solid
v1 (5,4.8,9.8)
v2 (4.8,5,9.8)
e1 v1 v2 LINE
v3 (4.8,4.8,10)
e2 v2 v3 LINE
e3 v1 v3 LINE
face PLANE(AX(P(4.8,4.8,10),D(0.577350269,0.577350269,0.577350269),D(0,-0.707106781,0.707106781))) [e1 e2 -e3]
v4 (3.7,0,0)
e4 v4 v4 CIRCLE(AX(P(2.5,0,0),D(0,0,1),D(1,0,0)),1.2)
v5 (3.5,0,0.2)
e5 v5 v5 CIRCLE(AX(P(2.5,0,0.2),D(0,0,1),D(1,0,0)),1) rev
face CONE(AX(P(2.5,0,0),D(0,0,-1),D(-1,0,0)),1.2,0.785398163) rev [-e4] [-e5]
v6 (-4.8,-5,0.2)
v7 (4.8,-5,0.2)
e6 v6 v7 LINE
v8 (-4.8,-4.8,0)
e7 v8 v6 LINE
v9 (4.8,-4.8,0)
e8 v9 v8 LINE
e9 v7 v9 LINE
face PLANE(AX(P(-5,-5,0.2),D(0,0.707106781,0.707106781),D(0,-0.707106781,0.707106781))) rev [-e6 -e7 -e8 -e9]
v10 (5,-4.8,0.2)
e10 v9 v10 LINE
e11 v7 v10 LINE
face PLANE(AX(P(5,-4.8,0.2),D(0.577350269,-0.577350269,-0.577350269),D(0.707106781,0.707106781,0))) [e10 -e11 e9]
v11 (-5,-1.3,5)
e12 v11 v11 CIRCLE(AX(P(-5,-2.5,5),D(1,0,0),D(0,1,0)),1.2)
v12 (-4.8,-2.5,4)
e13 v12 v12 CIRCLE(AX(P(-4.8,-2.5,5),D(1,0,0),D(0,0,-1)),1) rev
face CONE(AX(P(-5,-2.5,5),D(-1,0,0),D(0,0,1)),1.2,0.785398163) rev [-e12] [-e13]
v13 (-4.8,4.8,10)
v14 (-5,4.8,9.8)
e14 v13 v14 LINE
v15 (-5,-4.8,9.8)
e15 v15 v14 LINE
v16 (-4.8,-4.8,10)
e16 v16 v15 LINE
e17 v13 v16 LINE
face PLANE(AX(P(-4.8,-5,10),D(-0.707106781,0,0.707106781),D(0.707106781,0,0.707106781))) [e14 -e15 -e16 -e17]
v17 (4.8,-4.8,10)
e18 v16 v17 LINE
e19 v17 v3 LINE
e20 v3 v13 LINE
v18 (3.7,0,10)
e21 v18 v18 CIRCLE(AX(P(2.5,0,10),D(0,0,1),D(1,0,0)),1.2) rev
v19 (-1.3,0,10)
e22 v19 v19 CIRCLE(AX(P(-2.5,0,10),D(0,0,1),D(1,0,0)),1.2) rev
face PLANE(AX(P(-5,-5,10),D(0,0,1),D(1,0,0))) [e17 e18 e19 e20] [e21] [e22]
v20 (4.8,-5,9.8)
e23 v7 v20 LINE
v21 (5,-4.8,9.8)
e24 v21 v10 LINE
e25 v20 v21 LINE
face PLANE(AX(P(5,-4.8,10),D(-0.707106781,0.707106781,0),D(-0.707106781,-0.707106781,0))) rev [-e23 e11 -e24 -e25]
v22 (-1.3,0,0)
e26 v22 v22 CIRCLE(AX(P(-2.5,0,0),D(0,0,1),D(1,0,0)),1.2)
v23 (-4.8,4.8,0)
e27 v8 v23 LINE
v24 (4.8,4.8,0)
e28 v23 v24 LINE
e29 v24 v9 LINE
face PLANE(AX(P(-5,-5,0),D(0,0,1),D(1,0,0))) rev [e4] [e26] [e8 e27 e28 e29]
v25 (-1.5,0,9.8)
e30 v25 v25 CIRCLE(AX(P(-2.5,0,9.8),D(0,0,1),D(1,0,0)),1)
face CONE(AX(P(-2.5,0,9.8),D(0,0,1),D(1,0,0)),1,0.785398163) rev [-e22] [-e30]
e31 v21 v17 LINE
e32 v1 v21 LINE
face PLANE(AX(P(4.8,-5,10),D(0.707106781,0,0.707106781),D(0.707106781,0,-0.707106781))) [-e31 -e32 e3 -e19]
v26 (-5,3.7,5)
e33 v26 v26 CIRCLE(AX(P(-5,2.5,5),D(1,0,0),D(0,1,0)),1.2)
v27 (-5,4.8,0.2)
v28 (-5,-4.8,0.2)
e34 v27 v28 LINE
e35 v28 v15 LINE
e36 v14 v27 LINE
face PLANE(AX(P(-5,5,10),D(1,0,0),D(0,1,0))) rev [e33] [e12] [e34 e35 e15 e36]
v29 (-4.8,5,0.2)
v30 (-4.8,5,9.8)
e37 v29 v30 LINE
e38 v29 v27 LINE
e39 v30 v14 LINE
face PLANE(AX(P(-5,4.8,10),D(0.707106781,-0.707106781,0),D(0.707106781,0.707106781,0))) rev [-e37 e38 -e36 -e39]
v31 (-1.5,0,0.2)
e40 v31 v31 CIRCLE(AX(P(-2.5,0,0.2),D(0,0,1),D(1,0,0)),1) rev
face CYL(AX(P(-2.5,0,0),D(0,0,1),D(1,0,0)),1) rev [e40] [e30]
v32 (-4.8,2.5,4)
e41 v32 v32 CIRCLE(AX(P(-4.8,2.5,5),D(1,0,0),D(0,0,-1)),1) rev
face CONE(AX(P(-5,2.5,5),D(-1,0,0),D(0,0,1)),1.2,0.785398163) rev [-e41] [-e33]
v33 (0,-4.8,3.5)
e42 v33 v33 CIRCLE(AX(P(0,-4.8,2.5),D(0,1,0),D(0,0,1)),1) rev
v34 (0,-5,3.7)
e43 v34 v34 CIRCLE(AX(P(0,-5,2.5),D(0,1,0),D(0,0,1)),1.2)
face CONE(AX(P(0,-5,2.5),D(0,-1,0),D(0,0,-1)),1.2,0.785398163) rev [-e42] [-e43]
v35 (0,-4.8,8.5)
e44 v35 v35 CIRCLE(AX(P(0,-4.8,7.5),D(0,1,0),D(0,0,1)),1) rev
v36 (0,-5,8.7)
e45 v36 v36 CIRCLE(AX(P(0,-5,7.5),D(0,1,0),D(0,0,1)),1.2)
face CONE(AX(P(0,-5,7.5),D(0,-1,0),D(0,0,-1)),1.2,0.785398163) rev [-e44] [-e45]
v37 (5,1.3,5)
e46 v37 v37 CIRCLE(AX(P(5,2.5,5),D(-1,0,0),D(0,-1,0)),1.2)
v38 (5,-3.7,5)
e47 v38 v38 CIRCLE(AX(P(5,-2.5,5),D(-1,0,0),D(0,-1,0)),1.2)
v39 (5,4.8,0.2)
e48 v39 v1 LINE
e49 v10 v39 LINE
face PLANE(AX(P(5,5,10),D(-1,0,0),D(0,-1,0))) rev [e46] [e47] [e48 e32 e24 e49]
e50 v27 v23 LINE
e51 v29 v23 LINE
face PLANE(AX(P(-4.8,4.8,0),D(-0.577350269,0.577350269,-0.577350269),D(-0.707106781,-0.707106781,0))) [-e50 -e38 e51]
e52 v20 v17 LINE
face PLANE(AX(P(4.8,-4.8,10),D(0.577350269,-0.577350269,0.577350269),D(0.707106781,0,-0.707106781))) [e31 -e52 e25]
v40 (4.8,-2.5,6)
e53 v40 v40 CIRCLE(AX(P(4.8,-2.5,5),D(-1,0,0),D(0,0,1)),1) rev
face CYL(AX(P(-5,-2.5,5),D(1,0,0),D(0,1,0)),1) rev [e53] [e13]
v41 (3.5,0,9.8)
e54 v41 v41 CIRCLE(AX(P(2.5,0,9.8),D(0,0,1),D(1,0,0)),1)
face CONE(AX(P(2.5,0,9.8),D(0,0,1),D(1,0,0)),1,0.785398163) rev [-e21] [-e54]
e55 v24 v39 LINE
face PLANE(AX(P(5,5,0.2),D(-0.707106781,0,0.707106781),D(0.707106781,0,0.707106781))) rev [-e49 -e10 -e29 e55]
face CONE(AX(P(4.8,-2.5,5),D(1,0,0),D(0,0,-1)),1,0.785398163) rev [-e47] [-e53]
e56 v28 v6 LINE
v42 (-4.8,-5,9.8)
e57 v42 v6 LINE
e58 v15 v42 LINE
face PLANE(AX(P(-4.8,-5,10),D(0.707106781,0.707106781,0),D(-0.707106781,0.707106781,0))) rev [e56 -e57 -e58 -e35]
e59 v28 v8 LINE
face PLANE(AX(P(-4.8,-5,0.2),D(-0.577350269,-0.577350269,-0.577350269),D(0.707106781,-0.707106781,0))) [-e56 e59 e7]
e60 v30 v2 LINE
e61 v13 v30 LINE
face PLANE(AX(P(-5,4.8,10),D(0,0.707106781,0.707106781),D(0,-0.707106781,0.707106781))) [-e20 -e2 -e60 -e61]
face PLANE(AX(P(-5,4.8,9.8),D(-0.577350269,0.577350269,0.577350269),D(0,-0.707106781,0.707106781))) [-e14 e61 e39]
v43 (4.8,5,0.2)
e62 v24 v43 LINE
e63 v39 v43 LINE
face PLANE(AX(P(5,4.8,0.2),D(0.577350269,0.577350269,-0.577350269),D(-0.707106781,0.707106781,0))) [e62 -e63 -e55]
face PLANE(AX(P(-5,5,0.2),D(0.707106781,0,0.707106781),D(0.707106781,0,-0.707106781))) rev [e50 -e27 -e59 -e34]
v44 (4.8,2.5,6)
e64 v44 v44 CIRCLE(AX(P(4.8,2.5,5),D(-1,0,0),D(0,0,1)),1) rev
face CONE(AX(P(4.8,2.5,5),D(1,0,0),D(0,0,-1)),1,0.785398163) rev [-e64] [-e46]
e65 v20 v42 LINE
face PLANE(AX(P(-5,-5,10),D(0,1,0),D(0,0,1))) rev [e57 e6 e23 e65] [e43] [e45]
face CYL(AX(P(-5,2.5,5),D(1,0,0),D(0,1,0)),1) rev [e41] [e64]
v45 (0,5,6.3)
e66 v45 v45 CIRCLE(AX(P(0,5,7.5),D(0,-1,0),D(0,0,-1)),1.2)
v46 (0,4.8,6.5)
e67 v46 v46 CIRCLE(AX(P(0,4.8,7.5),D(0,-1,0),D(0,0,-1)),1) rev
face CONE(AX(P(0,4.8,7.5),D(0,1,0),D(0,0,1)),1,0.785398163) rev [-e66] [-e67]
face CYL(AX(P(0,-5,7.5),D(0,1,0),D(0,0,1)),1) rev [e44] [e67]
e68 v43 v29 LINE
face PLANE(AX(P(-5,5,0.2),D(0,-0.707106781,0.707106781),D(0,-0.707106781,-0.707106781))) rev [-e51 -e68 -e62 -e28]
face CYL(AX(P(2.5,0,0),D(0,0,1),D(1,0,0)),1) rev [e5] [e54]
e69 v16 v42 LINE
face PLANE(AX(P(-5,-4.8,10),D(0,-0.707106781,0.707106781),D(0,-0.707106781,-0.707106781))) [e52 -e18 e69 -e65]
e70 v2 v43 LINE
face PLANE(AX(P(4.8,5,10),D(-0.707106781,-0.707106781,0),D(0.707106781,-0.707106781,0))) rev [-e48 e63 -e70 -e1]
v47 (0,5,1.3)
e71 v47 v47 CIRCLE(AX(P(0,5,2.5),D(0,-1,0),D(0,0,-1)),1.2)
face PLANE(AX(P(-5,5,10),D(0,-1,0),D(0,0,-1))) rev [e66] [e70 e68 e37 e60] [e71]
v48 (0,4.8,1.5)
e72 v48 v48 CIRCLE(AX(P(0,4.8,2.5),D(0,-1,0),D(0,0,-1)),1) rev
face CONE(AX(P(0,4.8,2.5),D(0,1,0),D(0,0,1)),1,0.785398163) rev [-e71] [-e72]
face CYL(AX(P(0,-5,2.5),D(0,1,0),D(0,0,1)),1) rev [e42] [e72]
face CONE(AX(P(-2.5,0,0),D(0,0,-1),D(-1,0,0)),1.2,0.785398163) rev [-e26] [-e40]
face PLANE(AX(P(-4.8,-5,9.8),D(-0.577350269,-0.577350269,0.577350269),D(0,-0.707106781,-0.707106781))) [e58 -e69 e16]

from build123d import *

# Parameters (mm, degrees)
SKETCH1_W           = 10
SKETCH1_H           = 10
BOSS_EXTRUDE1_DEPTH = 10
SKETCH2_R           = 1
CUT_EXTRUDE1_DEPTH  = 11
SKETCH3_R           = 1
CUT_EXTRUDE2_DEPTH  = 11
SKETCH5_R           = 1
CUT_EXTRUDE4_DEPTH  = 11
CHAMFER1_SIZE       = 0.2
CHAMFER2_SIZE       = 0.2


with BuildPart() as part:
    # Sketch1 → Boss-Extrude1 (new body)
    with BuildSketch(Plane.XY):
        Rectangle(SKETCH1_W, SKETCH1_H)
    extrude(amount=BOSS_EXTRUDE1_DEPTH)

    # Sketch2 → Cut-Extrude1 (cut, through all)
    with BuildSketch(Plane.XY.offset(10)):
        with Locations((-2.5, 0)):
            Circle(SKETCH2_R)
        with Locations(Location((2.5, 0, 0), (0, 0, 180))):  # turned: the seam where the file's is
            Circle(SKETCH2_R)
    extrude(amount=-CUT_EXTRUDE1_DEPTH, mode=Mode.SUBTRACT)

    # Sketch3 → Cut-Extrude2 (cut, through all)
    with BuildSketch(Plane(origin=(0, 5, 0), x_dir=(1, 0, 0), z_dir=(0, 1, 0))):
        with Locations(Location((0, -7.5, 0), (0, 0, 90))):  # turned: the seam where the file's is
            Circle(SKETCH3_R)
        with Locations(Location((0, -2.5, 0), (0, 0, 270))):  # turned: the seam where the file's is
            Circle(SKETCH3_R)
    extrude(amount=-CUT_EXTRUDE2_DEPTH, mode=Mode.SUBTRACT)

    # Sketch5 → Cut-Extrude4 (cut, through all)
    with BuildSketch(Plane(origin=(5, 0, 0), x_dir=(0, 0, -1), z_dir=(1, 0, 0))):
        with Locations(Location((-5, 2.5, 0), (0, 0, 90))):  # turned: the seam where the file's is
            Circle(SKETCH5_R)
        with Locations(Location((-5, -2.5, 0), (0, 0, 270))):  # turned: the seam where the file's is
            Circle(SKETCH5_R)
    extrude(amount=-CUT_EXTRUDE4_DEPTH, mode=Mode.SUBTRACT)

    # Chamfer1
    chamfer1_edges = [part.edges().sort_by_distance(p)[0] for p in [
        (5, 0, 10),
        (0, 5, 10),
        (-5, 0, 10),
        (0, 5, 0),
        (5, 0, 0),
        (0, -5, 0),
        (-5, 0, 0),
        (0, -5, 10),
        (-5, 5, 5),
        (5, 5, 5),
        (5, -5, 5),
        (-5, -5, 5),
    ]]
    chamfer(chamfer1_edges, length=CHAMFER1_SIZE)

    # Chamfer2
    chamfer2_edges = [part.edges().sort_by_distance(p)[0] for p in [
        (-3.5, 0, 0),
        (-3.5, 0, 10),
        (3.5, 0, 0),
        (3.5, 0, 10),
        (0, -5, 8.5),
        (0, 5, 8.5),
        (0, -5, 1.5),
        (0, 5, 1.5),
        (-5, 1.5, 5),
        (5, 1.5, 5),
        (-5, -1.5, 5),
        (5, -1.5, 5),
    ]]
    chamfer(chamfer2_edges, length=CHAMFER2_SIZE)


solid = part.part
